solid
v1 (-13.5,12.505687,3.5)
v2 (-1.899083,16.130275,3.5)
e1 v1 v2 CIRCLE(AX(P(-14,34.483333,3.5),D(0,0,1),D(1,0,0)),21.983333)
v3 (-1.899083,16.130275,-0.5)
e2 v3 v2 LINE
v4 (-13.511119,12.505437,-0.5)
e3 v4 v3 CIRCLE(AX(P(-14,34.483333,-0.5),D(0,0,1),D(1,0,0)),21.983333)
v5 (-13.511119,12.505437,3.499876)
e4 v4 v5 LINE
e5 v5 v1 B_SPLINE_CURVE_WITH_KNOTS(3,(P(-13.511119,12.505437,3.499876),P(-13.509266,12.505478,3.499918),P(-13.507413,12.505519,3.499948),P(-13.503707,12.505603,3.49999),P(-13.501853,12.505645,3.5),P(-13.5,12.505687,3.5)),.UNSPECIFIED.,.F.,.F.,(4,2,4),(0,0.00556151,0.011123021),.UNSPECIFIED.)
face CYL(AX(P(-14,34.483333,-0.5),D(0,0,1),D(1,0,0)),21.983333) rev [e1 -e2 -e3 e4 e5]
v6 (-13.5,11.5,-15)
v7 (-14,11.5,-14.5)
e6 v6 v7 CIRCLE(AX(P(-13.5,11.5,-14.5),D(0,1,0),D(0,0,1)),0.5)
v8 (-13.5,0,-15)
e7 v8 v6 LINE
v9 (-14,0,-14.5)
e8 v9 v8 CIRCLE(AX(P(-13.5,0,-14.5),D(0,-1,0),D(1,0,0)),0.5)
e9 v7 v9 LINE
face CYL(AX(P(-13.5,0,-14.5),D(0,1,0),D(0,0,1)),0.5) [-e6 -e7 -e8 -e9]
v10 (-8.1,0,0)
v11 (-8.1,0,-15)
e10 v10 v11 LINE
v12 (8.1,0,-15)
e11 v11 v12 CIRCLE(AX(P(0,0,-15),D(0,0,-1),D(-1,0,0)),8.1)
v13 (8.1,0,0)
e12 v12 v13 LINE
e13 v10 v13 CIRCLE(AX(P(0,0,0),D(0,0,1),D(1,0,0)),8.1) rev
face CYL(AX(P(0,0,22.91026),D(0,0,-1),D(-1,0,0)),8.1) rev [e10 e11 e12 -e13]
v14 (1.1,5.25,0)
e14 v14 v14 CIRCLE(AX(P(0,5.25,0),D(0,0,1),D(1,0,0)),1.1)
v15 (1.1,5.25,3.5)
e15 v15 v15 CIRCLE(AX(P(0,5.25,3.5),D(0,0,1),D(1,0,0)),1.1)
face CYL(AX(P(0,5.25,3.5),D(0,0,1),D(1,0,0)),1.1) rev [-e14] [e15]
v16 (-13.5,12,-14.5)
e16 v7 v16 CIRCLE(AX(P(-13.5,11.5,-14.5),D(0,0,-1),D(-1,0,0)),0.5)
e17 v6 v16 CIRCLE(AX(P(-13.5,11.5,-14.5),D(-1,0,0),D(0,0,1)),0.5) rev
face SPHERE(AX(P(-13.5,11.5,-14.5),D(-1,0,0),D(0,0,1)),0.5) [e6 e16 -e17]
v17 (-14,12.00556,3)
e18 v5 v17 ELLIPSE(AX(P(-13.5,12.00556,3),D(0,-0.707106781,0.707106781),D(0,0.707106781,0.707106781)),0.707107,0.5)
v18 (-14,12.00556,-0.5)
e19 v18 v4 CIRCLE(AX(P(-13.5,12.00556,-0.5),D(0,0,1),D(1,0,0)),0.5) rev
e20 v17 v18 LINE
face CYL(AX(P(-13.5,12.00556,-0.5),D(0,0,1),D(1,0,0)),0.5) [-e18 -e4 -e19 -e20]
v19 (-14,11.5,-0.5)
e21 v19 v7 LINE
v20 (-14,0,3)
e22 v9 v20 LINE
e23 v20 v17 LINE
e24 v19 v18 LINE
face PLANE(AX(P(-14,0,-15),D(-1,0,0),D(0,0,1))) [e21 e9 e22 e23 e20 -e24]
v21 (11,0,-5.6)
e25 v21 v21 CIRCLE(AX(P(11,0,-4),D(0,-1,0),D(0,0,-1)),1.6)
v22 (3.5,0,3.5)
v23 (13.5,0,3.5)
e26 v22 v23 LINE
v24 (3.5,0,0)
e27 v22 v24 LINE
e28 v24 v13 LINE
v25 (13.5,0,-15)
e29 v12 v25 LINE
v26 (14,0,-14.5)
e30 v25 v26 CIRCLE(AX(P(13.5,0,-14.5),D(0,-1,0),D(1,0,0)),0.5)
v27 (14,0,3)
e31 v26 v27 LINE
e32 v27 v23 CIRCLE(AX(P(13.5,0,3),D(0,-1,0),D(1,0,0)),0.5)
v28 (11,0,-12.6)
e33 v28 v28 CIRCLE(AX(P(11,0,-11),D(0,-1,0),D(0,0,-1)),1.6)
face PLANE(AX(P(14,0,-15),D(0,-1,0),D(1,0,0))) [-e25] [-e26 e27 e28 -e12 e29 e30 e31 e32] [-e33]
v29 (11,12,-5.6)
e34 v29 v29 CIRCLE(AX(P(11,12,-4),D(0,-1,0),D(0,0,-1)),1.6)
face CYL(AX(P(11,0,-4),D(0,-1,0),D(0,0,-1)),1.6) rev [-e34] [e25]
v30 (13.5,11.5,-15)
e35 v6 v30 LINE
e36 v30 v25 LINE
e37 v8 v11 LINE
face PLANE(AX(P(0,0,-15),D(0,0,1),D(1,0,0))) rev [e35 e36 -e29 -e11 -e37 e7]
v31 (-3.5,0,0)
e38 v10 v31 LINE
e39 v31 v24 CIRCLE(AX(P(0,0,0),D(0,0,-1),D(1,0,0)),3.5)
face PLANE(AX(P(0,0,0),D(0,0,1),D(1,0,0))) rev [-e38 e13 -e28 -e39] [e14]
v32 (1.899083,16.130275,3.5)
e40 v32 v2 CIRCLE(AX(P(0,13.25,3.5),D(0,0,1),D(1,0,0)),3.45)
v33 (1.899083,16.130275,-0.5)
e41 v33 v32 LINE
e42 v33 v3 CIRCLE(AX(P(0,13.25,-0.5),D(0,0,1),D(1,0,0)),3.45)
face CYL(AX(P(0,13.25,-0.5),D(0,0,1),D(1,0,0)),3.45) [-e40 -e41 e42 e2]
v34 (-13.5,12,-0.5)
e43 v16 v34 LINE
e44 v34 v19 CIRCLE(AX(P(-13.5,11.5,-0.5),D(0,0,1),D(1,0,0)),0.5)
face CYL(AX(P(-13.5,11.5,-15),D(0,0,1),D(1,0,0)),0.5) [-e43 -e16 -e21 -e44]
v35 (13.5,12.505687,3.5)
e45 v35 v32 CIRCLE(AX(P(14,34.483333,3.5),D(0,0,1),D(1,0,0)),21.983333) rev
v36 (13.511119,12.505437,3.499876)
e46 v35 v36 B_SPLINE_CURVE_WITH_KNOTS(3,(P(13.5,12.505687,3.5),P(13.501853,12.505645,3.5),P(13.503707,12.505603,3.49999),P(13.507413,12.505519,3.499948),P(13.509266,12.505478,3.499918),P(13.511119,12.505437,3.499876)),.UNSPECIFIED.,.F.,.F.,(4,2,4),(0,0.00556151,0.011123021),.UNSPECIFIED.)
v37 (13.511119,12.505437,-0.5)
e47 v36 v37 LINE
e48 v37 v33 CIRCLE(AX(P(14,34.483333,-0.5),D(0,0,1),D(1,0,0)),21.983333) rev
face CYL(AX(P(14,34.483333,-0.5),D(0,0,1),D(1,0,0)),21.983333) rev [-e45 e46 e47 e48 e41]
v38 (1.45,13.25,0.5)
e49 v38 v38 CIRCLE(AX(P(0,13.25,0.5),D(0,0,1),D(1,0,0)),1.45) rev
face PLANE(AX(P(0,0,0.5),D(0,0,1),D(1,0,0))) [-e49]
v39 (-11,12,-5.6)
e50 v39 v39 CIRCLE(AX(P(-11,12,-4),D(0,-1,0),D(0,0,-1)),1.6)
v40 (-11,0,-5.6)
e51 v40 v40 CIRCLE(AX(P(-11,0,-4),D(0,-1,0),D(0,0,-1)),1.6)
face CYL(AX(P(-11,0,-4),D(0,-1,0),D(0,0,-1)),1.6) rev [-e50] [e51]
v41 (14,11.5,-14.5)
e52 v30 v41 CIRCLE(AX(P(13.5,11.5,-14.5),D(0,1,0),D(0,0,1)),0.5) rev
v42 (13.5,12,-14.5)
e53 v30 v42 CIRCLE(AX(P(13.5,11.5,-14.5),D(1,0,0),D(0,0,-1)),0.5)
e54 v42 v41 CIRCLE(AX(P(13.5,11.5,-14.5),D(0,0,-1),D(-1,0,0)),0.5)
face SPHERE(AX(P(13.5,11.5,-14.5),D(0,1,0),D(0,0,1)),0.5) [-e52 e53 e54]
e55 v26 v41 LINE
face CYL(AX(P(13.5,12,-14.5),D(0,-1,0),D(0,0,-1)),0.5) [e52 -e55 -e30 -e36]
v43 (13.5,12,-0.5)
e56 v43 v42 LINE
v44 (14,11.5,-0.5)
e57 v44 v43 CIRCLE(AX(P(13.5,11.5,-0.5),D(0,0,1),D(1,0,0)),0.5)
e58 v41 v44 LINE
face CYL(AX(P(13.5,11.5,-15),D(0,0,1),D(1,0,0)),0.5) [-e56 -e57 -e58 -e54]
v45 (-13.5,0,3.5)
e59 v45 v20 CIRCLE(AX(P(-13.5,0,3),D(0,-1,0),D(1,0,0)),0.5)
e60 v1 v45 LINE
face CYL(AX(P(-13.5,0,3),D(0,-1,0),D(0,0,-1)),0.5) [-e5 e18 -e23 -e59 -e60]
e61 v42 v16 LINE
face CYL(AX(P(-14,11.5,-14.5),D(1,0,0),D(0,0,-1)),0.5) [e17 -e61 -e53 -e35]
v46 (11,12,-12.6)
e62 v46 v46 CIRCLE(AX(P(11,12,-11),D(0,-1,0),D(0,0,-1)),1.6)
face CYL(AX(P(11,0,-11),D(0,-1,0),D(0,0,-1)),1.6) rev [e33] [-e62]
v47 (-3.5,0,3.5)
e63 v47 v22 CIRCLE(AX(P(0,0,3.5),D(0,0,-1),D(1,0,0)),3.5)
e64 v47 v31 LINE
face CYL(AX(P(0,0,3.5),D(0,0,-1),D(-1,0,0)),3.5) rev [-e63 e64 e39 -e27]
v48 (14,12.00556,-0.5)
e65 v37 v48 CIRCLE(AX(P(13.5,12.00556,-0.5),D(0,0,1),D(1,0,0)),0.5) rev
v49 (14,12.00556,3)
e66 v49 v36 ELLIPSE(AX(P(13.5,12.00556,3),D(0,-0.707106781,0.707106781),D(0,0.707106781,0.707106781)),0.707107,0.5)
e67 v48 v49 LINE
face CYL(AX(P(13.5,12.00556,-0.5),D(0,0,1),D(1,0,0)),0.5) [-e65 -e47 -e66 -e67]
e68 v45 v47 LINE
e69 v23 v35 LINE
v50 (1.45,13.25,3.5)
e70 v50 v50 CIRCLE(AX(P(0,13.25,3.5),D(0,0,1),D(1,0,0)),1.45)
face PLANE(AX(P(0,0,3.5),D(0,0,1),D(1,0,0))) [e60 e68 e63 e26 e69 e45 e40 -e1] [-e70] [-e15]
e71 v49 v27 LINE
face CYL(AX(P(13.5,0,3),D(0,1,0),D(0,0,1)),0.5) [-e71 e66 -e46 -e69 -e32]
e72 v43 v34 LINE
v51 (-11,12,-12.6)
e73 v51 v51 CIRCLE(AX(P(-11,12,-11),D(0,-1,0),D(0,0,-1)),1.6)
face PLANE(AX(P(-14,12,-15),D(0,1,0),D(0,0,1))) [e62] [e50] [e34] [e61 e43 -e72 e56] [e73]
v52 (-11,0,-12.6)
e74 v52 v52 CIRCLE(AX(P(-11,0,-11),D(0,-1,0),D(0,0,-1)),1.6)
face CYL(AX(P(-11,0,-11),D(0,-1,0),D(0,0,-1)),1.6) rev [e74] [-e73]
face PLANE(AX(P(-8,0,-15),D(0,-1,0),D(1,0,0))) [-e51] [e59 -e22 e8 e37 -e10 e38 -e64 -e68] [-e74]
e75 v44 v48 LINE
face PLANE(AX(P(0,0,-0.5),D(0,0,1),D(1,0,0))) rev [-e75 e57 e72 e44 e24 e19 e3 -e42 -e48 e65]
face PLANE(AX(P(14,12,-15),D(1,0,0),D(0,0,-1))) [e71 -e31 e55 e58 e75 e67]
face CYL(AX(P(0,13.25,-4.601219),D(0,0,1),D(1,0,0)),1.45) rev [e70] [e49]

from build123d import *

# Parameters (mm, degrees)
BOSS_EXTRUDE1_DEPTH  = 15
M3_CLEARANCE_HOLE1_D = 3.2
BOSS_EXTRUDE2_DEPTH  = 3.5
M2_CLEARANCE_HOLE2_D = 2.2
SKETCH8_R            = 1.45
BOSS_EXTRUDE3_DEPTH  = 4
SKETCH8_3_R          = 1.45
CUT_EXTRUDE1_DEPTH   = 3
FILLET3_R            = 0.5
SKETCH11_R           = 8.1
CUT_EXTRUDE3_DEPTH   = 15


with BuildPart() as part:
    # Sketch1 → Boss-Extrude1 (new body)
    with BuildSketch(Plane.XY):
        with BuildLine():
            Line((-8, 0), (-14, 0))
            Line((-14, 0), (-14, 12))
            Line((-14, 12), (14, 12))
            Line((14, 12), (14, 0))
            Line((14, 0), (8, 0))
            ThreePointArc((8, 0), (0, 8), (-8, 0))
        make_face()
    extrude(amount=-BOSS_EXTRUDE1_DEPTH)

    # M3 Clearance Hole1 (through all)
    with Locations(Plane(origin=(0, 0, 0), x_dir=(-1, 0, 0), z_dir=(0, -1, 0))):
        with Locations((11, 11), (11, 4), (-11, 11), (-11, 4)):
            Hole(M3_CLEARANCE_HOLE1_D / 2)

    # Sketch5 → Boss-Extrude2 (add)
    with BuildSketch(Plane.XY):
        with BuildLine():
            Line((-3.5, 0), (-14, 0))
            Line((-14, 0), (-14, 12))
            Line((-14, 12), (14, 12))
            Line((14, 12), (14, 0))
            Line((14, 0), (3.5, 0))
            ThreePointArc((3.5, 0), (0, 3.5), (-3.5, 0))
        make_face()
    extrude(amount=BOSS_EXTRUDE2_DEPTH)

    # M2 Clearance Hole2 (through all)
    with Locations(Plane.XY.offset(3.5)):
        with Locations((0, 5.25)):
            Hole(M2_CLEARANCE_HOLE2_D / 2)

    # Sketch8 → Boss-Extrude3 (add)
    with BuildSketch(Plane.XY.offset(3.5)):
        with BuildLine():
            Line((-14, 12.5), (-14, 12))
            Line((-14, 12), (-0.734846923, 12))
            ThreePointArc((-0.734846923, 12), (-0.720059707, 14.508576187), (1.45, 13.25))
            ThreePointArc((1.45, 13.25), (1.258576187, 12.529940293), (0.734846923, 12))
            Line((0.734846923, 12), (14, 12))
            Line((14, 12), (14, 12.5))
            ThreePointArc((14, 12.5), (7.683135649, 13.42711883), (1.899082569, 16.130275229))
            ThreePointArc((1.899082569, 16.130275229), (0, 16.7), (-1.899082569, 16.130275229))
            ThreePointArc((-1.899082569, 16.130275229), (-7.683135649, 13.42711883), (-14, 12.5))
        make_face()
        with Locations((0, 13.25)):
            Circle(SKETCH8_R)
    extrude(amount=-BOSS_EXTRUDE3_DEPTH)

    # Sketch8<3> → Cut-Extrude1 (cut)
    with BuildSketch(Plane.XY.offset(3.5)):
        with Locations((0, 13.25)):
            Circle(SKETCH8_3_R)
        with BuildLine():
            ThreePointArc((1.45, 13.25), (-0.720059707, 14.508576187), (-0.734846923, 12))
            Line((-0.734846923, 12), (0.734846923, 12))
            ThreePointArc((0.734846923, 12), (1.258576187, 12.529940293), (1.45, 13.25))
        make_face()
        with BuildLine():
            Line((0.734846923, 12), (-0.734846923, 12))
            ThreePointArc((-0.734846923, 12), (0, 11.8), (0.734846923, 12))
        make_face()
    extrude(amount=-CUT_EXTRUDE1_DEPTH, mode=Mode.SUBTRACT)

    # Fillet3
    fillet3_edges = [part.edges().sort_by_distance(p)[0] for p in [
        (-14, 12, -7.75),
        (14, 12, -7.75),
        (14, 6, -15),
        (0, 12, -15),
        (-14, 6, -15),
        (14, 6.25, 3.5),
        (-14, 6.25, 3.5),
        (14, 12.5, 1.5),
        (-14, 12.5, 1.5),
    ]]
    fillet(fillet3_edges, radius=FILLET3_R)

    # Sketch11 → Cut-Extrude3 (cut)
    with BuildSketch(Plane(origin=(0, 0, -15), x_dir=(-1, 0, 0), z_dir=(0, 0, -1))):
        Circle(SKETCH11_R)
    extrude(amount=-CUT_EXTRUDE3_DEPTH, mode=Mode.SUBTRACT)


solid = part.part
